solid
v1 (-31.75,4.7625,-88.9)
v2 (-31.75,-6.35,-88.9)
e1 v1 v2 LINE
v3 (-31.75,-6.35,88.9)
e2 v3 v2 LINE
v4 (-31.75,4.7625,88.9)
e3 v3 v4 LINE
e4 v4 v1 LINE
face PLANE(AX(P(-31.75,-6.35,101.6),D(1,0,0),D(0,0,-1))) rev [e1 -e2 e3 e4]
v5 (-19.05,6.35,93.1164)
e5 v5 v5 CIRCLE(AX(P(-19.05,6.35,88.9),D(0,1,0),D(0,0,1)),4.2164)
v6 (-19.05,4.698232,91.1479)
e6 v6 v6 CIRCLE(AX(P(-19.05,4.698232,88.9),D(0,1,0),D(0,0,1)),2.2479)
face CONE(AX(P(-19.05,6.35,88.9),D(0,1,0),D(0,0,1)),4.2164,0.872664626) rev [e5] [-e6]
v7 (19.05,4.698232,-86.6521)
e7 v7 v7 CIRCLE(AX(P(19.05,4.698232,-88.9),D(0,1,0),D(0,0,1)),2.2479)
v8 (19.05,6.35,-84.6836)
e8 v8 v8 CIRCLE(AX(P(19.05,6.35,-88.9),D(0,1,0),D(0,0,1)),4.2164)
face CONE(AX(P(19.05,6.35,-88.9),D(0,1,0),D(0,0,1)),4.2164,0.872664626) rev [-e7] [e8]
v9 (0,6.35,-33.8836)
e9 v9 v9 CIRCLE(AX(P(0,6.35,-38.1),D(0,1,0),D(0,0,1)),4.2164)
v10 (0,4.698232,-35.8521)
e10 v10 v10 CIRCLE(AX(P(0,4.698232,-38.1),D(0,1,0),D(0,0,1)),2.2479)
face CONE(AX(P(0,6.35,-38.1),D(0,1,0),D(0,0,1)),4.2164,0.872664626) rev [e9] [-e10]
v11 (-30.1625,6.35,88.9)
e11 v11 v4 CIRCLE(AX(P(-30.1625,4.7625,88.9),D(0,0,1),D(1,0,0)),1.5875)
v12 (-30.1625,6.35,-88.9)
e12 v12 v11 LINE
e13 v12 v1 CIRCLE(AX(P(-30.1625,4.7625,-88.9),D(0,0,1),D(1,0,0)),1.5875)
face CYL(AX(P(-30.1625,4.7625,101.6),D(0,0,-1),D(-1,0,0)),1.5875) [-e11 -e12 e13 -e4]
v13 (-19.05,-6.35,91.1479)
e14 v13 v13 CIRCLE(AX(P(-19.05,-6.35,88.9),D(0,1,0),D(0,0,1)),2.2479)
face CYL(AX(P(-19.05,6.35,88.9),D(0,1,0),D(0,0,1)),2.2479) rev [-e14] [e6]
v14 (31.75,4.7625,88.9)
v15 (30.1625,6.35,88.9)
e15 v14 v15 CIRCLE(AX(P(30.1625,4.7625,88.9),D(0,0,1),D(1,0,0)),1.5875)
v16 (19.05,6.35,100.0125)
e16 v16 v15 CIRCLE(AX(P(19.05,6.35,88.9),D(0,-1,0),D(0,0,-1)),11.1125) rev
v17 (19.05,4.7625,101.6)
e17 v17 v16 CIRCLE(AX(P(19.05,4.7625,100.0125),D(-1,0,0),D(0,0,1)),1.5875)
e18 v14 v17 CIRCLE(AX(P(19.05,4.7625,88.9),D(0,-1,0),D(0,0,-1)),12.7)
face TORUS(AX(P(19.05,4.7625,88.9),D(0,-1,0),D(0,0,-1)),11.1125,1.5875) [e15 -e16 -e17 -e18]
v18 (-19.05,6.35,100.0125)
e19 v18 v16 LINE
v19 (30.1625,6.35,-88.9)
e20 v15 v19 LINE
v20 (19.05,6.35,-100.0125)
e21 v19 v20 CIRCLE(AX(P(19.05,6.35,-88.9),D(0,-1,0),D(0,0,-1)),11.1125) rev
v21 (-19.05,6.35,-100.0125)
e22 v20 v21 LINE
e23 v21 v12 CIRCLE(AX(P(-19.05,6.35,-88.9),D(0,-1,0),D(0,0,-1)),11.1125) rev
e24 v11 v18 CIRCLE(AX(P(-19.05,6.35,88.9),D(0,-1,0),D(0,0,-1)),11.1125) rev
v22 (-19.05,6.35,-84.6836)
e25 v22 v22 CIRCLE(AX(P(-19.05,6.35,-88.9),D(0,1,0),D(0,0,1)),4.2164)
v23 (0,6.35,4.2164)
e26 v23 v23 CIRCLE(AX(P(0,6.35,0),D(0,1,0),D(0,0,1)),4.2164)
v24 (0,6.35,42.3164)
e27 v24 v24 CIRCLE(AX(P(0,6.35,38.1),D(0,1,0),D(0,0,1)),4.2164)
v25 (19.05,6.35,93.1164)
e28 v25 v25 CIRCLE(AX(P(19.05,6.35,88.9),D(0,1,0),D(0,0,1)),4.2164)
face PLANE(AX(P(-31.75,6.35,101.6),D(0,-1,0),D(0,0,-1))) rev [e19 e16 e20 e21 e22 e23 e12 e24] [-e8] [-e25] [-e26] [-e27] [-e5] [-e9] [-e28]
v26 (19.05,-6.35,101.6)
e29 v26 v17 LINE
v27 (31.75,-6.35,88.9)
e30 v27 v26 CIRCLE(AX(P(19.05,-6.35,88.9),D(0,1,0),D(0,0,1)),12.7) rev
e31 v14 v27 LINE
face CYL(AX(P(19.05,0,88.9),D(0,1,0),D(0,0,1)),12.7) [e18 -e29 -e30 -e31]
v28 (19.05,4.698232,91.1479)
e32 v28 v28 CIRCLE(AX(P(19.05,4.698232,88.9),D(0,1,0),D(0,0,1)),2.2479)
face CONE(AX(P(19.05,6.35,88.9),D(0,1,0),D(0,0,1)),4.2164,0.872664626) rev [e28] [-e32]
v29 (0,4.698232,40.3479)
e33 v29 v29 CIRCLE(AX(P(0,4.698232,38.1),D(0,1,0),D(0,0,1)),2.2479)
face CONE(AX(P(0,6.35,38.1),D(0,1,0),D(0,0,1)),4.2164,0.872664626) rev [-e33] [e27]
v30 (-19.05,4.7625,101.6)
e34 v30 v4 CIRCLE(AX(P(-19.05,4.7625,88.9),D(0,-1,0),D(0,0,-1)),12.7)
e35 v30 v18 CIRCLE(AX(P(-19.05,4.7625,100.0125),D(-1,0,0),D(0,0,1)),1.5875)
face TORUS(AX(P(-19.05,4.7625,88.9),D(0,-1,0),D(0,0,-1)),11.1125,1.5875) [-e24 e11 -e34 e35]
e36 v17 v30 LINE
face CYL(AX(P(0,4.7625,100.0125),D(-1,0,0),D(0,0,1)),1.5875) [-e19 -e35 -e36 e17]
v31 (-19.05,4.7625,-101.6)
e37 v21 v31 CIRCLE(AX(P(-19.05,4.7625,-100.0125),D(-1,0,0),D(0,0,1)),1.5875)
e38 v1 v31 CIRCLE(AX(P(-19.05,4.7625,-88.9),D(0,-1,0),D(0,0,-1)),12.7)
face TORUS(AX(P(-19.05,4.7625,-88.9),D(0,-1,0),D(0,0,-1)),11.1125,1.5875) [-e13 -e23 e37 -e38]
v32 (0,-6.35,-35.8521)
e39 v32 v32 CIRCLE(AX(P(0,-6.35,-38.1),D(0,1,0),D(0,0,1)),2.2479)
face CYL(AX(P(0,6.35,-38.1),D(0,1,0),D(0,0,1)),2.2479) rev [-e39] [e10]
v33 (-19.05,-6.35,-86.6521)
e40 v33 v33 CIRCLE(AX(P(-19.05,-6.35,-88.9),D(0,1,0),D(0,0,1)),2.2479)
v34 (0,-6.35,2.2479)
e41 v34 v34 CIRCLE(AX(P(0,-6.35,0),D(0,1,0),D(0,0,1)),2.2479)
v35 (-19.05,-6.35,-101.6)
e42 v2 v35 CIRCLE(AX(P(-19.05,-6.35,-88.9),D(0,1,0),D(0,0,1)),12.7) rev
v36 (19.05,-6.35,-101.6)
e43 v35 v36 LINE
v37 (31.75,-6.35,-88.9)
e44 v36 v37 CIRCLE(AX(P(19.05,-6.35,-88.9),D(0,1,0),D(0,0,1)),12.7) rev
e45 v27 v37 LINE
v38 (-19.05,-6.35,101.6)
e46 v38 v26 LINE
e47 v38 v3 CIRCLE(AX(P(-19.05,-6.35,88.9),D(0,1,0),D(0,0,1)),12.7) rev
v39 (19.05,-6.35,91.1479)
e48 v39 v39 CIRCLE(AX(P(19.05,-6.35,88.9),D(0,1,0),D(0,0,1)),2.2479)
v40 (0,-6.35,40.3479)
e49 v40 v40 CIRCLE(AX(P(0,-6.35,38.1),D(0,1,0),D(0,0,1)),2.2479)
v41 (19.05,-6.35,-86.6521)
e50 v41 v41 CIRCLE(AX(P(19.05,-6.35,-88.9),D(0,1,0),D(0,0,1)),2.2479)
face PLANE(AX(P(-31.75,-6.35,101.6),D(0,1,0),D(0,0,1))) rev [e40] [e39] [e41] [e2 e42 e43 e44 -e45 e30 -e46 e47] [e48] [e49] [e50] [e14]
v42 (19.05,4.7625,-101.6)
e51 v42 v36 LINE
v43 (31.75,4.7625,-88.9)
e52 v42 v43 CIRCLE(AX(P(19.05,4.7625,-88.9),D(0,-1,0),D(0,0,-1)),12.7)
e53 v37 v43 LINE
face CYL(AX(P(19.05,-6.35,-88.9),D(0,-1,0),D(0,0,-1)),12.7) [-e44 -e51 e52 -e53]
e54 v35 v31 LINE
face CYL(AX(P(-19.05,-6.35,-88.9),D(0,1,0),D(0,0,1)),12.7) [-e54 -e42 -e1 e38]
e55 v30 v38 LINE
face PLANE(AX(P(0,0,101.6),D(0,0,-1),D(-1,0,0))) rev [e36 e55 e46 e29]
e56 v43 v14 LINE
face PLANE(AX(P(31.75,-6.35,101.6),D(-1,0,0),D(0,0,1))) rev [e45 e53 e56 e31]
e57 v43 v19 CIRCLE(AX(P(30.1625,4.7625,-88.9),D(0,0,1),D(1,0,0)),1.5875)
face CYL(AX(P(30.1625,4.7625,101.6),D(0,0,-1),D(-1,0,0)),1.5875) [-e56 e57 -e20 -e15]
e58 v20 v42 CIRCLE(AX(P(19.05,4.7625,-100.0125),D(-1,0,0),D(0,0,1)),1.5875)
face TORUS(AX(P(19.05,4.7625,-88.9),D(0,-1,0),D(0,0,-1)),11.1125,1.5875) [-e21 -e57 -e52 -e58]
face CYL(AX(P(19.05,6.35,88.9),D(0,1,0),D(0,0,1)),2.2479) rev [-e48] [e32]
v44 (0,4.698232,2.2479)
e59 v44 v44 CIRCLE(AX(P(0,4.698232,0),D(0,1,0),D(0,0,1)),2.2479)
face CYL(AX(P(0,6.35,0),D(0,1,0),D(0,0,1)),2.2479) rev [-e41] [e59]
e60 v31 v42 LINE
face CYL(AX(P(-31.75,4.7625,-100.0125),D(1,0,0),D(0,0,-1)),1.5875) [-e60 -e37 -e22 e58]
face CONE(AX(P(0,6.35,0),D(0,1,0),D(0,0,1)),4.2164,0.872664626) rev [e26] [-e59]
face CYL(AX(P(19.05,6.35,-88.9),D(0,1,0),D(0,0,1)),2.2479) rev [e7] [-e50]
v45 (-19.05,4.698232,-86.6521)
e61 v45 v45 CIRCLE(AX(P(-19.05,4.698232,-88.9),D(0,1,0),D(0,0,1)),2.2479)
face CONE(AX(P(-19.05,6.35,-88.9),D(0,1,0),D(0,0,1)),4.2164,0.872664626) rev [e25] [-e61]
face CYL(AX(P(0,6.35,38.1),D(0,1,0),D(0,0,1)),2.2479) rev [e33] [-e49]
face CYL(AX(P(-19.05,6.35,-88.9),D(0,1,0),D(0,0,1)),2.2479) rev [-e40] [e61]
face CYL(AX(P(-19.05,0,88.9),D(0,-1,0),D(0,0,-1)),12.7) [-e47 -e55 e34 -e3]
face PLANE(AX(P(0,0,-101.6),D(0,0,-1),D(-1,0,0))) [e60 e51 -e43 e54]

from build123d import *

# Parameters (mm, degrees)
SKETCH1_W                                         = 63.5
SKETCH1_H                                         = 12.7
BOSS_EXTRUDE1_DEPTH                               = 101.6
FILLET1_R                                         = 12.7
CSK_FOR_8_FLAT_HEAD_MACHINE_SCREW_100_D           = 4.4958
CSK_FOR_8_FLAT_HEAD_MACHINE_SCREW_100_CSINK_D     = 8.4328
CSK_FOR_8_FLAT_HEAD_MACHINE_SCREW_100_CSINK_ANGLE = 100
FILLET2_R                                         = 1.5875


with BuildPart() as part:
    # Sketch1 → Boss-Extrude1 (new, symmetric)
    with BuildSketch(Plane.XY):
        Rectangle(SKETCH1_W, SKETCH1_H)
    extrude(amount=BOSS_EXTRUDE1_DEPTH, both=True)

    # Fillet1
    fillet1_edges = [part.edges().sort_by_distance(p)[0] for p in [
        (-31.75, 0, 101.6),
        (31.75, 0, 101.6),
        (-31.75, 0, -101.6),
        (31.75, 0, -101.6),
    ]]
    fillet(fillet1_edges, radius=FILLET1_R)

    # CSK for #8 Flat Head Machine Screw (100)1 (through all)
    with Locations(Plane(origin=(0, 6.35, 0), x_dir=(1, 0, 0), z_dir=(0, 1, 0))):
        with Locations((19.05, -88.9), (-19.05, -88.9), (-19.05, 88.9), (19.05, 88.9), (0, -38.1), (0, 38.1), (0, 0)):
            CounterSinkHole(CSK_FOR_8_FLAT_HEAD_MACHINE_SCREW_100_D / 2, CSK_FOR_8_FLAT_HEAD_MACHINE_SCREW_100_CSINK_D / 2, counter_sink_angle=CSK_FOR_8_FLAT_HEAD_MACHINE_SCREW_100_CSINK_ANGLE)

    # Fillet2
    fillet2_edges = [part.edges().sort_by_distance(p)[0] for p in [
        (-31.75, 6.35, 0),
        (0, 6.35, -101.6),
        (0, 6.35, 101.6),
        (31.75, 6.35, 0),
        (28.030256121, 6.35, 97.880256121),
        (-28.030256121, 6.35, 97.880256121),
        (28.030256121, 6.35, -97.880256121),
        (-28.030256121, 6.35, -97.880256121),
    ]]
    fillet(fillet2_edges, radius=FILLET2_R)


solid = part.part
